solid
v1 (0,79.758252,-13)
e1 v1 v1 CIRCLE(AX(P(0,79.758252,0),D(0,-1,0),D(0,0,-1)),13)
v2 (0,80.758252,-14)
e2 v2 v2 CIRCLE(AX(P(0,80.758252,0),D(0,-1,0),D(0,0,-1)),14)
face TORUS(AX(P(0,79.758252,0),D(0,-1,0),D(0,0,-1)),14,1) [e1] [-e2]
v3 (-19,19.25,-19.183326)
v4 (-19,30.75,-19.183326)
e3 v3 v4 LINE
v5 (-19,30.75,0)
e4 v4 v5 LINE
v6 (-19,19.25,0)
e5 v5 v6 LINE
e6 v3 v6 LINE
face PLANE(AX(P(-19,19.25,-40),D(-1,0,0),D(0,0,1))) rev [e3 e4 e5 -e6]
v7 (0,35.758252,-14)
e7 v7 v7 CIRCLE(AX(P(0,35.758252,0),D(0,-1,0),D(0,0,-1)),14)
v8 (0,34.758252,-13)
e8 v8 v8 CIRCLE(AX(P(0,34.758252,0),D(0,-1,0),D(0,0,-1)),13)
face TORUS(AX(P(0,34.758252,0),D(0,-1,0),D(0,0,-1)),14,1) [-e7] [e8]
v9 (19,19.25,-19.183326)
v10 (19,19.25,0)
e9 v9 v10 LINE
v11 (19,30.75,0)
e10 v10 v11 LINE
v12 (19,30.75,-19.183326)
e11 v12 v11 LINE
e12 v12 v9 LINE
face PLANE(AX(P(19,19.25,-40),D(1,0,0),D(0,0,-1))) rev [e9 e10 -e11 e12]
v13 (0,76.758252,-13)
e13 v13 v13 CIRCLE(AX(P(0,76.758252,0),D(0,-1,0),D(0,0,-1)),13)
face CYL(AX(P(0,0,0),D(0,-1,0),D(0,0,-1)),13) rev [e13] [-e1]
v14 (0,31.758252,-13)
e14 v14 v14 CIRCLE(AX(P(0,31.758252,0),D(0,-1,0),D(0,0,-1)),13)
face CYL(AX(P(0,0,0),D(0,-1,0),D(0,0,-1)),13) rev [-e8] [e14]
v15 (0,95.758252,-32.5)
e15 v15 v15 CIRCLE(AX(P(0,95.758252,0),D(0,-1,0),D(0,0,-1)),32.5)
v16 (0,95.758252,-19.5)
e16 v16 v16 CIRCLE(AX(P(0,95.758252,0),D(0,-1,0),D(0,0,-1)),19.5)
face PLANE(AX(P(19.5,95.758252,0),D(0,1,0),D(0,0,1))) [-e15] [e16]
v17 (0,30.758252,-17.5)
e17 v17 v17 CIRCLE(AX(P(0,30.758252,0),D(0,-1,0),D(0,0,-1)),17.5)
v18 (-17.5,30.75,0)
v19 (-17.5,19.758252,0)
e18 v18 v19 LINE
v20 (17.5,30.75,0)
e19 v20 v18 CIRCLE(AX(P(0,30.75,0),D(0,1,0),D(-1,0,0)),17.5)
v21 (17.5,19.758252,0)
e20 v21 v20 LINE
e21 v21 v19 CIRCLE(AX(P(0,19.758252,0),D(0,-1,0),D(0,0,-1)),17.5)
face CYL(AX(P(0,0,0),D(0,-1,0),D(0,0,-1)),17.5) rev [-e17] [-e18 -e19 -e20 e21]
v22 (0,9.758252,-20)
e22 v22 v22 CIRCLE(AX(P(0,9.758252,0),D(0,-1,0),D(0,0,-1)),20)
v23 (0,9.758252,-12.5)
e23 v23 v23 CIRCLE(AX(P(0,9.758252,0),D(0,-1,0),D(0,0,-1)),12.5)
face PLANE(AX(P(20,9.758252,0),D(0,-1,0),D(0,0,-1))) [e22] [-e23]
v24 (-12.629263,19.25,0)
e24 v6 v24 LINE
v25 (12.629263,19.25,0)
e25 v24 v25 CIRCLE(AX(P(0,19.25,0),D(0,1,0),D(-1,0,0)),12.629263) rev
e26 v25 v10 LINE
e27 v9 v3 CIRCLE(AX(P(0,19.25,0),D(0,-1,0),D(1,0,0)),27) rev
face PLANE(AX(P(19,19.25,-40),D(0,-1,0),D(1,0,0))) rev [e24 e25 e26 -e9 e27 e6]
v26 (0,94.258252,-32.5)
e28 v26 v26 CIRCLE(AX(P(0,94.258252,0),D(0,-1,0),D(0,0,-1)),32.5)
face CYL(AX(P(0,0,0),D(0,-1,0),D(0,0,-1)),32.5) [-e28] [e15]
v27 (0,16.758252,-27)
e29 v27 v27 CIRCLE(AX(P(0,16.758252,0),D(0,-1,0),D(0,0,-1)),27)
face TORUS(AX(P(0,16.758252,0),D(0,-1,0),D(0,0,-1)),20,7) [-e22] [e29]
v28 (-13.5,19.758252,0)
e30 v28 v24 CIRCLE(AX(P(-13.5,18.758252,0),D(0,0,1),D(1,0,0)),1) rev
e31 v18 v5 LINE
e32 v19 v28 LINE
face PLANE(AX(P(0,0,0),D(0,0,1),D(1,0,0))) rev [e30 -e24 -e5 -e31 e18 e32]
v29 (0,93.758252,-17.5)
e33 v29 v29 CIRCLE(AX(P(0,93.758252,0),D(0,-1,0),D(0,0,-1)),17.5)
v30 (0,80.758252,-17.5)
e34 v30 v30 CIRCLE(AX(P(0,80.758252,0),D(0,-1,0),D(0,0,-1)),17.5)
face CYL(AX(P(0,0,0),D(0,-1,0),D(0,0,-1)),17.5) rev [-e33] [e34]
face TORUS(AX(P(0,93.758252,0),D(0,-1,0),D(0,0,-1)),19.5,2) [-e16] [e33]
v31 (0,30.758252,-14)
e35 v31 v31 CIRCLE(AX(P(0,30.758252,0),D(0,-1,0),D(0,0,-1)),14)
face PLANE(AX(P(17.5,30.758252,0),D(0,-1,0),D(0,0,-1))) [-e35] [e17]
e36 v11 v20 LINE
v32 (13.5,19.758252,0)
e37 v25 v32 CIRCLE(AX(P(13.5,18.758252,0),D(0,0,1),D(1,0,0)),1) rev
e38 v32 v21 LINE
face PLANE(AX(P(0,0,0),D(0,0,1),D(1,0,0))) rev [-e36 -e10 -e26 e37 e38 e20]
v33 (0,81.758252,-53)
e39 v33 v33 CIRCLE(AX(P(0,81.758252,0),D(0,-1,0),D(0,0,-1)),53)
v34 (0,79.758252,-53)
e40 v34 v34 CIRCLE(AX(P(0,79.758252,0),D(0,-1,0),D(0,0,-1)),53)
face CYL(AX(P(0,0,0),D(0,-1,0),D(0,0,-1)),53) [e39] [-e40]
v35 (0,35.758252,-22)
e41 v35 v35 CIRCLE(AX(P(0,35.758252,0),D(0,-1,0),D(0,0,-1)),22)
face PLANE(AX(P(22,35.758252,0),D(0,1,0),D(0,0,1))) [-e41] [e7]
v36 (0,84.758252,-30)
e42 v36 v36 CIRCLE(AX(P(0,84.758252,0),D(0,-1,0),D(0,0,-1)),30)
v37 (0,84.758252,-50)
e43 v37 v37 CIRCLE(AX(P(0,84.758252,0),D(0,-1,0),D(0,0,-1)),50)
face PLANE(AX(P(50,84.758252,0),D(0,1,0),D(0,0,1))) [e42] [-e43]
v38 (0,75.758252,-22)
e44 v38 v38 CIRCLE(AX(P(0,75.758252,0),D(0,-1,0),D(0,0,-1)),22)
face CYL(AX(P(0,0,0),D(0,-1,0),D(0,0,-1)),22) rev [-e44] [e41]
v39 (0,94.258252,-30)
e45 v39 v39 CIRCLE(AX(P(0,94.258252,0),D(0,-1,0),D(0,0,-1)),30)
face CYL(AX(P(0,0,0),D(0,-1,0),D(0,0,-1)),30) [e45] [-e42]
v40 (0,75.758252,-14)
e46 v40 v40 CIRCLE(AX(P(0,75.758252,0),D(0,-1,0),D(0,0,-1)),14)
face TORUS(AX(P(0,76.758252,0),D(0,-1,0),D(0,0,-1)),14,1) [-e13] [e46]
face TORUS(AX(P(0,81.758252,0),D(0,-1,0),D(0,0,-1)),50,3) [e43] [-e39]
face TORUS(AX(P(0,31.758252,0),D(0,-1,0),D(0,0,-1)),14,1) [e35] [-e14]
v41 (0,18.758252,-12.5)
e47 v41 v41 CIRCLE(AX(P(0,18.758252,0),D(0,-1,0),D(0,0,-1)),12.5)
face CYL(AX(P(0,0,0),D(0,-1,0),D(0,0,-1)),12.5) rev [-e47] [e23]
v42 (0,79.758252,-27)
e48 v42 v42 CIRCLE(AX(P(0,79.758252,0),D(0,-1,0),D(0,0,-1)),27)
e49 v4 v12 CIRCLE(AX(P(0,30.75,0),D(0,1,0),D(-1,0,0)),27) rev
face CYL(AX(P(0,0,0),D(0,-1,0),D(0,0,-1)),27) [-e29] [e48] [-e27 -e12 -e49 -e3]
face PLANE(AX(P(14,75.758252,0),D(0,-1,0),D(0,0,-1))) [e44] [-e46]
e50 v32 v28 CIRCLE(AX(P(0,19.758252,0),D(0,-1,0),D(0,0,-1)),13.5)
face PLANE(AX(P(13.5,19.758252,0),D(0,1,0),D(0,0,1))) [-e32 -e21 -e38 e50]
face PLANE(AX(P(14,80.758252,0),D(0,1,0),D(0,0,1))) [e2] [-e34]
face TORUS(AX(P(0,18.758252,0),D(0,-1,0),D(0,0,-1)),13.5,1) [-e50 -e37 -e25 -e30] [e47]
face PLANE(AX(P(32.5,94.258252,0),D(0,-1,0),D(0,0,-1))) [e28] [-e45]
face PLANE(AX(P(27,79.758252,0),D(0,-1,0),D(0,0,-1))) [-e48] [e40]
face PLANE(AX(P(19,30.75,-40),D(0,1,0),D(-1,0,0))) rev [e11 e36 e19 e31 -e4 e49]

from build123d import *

# Parameters (mm, degrees)
ESQUISSE4_W             = 38
ESQUISSE4_H             = 11.5
ENL_V_MAT_EXTRU_1_DEPTH = 40


with BuildPart() as part:
    # Esquisse1 → Révolution1 (revolve)
    with BuildSketch(Plane.XY):
        with BuildLine():
            Line((19.5, 95.758251599), (32.5, 95.758251599))
            Line((32.5, 95.758251599), (32.5, 94.258251599))
            Line((32.5, 94.258251599), (30, 94.258251599))
            Line((30, 94.258251599), (30, 84.758251599))
            Line((30, 84.758251599), (50, 84.758251599))
            ThreePointArc((50, 84.758251599), (52.121320344, 83.879571943), (53, 81.758251599))
            Line((53, 81.758251599), (53, 79.758251599))
            Line((53, 79.758251599), (27, 79.758251599))
            Line((27, 79.758251599), (27, 16.758251599))
            ThreePointArc((27, 16.758251599), (24.949747468, 11.808504131), (20, 9.758251599))
            Line((20, 9.758251599), (12.5, 9.758251599))
            Line((12.5, 9.758251599), (12.5, 18.758251599))
            ThreePointArc((12.5, 18.758251599), (12.792893219, 19.46535838), (13.5, 19.758251599))
            Line((13.5, 19.758251599), (17.5, 19.758251599))
            Line((17.5, 19.758251599), (17.5, 30.758251599))
            Line((17.5, 30.758251599), (14, 30.758251599))
            ThreePointArc((14, 30.758251599), (13.292893219, 31.051144818), (13, 31.758251599))
            Line((13, 31.758251599), (13, 34.758251599))
            ThreePointArc((13, 34.758251599), (13.292893219, 35.46535838), (14, 35.758251599))
            Line((14, 35.758251599), (22, 35.758251599))
            Line((22, 35.758251599), (22, 75.758251599))
            Line((22, 75.758251599), (14, 75.758251599))
            ThreePointArc((14, 75.758251599), (13.292893219, 76.051144818), (13, 76.758251599))
            Line((13, 76.758251599), (13, 79.758251599))
            ThreePointArc((13, 79.758251599), (13.292893219, 80.46535838), (14, 80.758251599))
            Line((14, 80.758251599), (17.5, 80.758251599))
            Line((17.5, 80.758251599), (17.5, 93.758251599))
            ThreePointArc((17.5, 93.758251599), (18.085786438, 95.172465162), (19.5, 95.758251599))
        make_face()
    revolve(axis=Axis((0, 0, 0), (0, 1, 0)))

    # Esquisse4 → Enlèv. mat.-Extru.1 (cut)
    with BuildSketch(Plane.XY):
        with Locations((0, 25)):
            Rectangle(ESQUISSE4_W, ESQUISSE4_H)
    extrude(amount=-ENL_V_MAT_EXTRU_1_DEPTH, mode=Mode.SUBTRACT)


solid = part.part
